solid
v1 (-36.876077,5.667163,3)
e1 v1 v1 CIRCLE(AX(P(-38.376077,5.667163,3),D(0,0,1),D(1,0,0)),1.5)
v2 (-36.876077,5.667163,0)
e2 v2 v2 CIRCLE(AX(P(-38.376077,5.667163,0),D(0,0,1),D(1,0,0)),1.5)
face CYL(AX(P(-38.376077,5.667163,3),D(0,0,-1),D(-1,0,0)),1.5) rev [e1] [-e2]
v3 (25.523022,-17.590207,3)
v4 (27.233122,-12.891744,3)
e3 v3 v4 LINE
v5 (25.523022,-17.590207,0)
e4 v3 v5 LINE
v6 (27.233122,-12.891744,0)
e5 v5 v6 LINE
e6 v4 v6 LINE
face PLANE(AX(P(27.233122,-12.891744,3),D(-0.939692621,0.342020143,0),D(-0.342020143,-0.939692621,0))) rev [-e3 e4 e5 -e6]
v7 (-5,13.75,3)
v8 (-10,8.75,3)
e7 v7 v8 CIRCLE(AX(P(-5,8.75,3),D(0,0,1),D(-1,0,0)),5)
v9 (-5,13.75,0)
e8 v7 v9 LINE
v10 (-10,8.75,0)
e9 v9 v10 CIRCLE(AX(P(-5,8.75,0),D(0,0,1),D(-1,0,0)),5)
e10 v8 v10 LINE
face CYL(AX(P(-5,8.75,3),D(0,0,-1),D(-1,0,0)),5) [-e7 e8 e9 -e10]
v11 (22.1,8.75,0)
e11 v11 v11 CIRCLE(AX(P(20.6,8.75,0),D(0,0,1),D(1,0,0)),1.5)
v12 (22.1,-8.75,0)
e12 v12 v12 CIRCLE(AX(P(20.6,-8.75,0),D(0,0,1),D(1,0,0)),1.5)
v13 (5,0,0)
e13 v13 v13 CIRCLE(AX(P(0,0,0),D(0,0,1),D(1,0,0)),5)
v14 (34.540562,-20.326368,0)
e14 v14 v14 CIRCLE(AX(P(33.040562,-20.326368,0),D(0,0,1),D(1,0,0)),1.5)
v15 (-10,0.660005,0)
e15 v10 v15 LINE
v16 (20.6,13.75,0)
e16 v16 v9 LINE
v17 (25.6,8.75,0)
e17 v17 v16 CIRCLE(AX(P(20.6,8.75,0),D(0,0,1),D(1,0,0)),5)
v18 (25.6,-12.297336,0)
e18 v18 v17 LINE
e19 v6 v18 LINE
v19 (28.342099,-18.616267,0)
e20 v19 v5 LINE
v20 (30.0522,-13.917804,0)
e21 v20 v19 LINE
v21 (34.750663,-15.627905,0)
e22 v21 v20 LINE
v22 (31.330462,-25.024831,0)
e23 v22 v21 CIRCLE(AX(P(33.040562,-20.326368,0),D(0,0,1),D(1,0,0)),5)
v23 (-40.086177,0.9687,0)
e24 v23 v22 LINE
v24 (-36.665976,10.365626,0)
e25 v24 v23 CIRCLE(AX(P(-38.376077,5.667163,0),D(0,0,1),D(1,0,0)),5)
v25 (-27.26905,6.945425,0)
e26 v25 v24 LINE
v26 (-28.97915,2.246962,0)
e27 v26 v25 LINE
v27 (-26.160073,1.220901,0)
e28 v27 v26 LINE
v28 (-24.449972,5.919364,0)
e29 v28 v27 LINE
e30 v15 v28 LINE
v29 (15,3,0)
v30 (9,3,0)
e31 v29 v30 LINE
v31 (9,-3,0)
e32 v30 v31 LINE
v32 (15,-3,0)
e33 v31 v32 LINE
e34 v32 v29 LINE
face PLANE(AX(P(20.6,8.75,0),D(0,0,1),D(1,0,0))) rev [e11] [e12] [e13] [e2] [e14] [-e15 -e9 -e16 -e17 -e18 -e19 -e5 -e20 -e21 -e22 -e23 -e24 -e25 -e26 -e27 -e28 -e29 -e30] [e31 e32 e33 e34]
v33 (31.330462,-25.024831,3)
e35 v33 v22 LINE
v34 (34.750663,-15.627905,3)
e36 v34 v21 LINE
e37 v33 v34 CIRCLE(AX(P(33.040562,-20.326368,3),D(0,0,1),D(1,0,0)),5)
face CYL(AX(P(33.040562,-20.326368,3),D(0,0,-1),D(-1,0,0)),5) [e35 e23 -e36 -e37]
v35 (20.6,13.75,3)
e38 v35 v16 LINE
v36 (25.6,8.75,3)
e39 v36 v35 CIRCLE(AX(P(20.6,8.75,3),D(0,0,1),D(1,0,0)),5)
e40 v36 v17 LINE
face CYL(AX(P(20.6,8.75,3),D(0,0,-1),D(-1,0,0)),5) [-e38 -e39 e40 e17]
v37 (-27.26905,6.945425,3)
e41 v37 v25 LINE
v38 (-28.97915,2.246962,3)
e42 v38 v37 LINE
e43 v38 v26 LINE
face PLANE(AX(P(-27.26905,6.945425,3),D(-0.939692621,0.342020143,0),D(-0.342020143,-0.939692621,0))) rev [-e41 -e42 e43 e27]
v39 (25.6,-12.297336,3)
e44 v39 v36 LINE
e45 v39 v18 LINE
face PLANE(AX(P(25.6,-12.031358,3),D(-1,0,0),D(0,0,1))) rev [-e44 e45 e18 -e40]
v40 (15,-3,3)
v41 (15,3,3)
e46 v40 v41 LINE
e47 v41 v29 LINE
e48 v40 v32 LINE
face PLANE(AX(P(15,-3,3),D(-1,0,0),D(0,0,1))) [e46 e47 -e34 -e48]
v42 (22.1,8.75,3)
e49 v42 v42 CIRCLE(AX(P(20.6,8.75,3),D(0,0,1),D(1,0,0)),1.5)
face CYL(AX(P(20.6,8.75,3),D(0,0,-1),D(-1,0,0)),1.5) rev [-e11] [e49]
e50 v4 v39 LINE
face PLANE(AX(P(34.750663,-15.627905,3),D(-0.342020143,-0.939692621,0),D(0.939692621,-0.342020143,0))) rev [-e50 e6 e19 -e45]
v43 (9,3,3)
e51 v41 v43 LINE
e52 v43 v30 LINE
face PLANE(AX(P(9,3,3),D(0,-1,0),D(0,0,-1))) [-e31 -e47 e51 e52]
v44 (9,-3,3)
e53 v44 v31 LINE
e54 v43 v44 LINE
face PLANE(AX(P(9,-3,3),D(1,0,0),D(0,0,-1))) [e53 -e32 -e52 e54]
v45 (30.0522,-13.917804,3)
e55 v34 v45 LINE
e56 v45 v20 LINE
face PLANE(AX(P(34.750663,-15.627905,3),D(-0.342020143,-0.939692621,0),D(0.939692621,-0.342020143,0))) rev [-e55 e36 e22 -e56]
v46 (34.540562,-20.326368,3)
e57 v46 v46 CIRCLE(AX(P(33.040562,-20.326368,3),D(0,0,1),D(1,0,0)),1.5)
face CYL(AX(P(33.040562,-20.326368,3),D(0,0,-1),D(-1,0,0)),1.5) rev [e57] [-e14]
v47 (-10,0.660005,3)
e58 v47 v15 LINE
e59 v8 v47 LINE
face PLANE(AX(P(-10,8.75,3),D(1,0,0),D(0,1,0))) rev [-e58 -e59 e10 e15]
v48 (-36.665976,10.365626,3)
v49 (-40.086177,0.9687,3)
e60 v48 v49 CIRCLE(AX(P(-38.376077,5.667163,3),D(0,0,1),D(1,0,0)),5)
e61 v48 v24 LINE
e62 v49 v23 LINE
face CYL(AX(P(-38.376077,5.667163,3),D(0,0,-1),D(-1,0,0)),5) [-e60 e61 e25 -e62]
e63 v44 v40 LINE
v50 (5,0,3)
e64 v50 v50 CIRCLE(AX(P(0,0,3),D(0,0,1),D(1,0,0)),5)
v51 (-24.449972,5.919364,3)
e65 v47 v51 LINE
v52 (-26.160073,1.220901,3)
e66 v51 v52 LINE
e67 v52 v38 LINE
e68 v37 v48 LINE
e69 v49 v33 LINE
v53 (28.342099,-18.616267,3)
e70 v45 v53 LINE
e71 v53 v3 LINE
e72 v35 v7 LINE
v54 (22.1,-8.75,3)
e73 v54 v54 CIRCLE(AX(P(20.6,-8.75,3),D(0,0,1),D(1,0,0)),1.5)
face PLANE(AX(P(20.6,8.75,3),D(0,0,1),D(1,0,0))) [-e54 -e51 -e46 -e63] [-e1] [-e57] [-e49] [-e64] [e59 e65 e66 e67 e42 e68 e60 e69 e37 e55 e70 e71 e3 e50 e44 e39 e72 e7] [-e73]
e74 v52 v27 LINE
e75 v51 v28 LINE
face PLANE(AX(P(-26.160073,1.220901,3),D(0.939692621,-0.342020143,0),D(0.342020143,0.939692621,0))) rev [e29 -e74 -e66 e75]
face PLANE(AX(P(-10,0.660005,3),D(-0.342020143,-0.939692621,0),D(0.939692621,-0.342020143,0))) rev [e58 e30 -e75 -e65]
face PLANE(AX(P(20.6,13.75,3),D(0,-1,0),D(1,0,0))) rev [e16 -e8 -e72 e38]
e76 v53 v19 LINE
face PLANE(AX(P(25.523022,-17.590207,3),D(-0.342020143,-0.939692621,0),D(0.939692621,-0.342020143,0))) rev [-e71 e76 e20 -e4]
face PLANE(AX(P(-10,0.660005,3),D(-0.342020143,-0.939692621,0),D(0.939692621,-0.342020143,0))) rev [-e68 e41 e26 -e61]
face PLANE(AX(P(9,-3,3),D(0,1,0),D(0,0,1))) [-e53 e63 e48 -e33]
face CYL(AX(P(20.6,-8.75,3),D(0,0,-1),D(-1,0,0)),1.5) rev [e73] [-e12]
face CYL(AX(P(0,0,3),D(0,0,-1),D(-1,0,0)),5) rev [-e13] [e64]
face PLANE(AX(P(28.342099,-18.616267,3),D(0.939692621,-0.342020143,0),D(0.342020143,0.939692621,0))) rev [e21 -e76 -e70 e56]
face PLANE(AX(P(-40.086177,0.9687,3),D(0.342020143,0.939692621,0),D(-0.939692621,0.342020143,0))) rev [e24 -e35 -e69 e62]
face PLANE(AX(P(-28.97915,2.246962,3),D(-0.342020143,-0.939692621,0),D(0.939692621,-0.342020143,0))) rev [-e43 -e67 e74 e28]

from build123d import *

# Parameters (mm, degrees)
SKETCH1_R           = 5
SKETCH1_R_2         = 1.5
SKETCH1_W           = 6
SKETCH1_H           = 6
BOSS_EXTRUDE1_DEPTH = 3
CUT_EXTRUDE1_DEPTH  = 51.318077676


with BuildPart() as part:
    # Sketch1 → Boss-Extrude1 (new body)
    with BuildSketch(Plane.XY):
        with BuildLine():
            Line((25.6, -12.03135802), (25.6, 8.75))
            ThreePointArc((25.6, 8.75), (24.135533906, 12.285533906), (20.6, 13.75))
            Line((20.6, 13.75), (-5, 13.75))
            ThreePointArc((-5, 13.75), (-8.535533906, 12.285533906), (-10, 8.75))
            Line((-10, 8.75), (-10, 0.66000458))
            Line((-10, 0.66000458), (-36.665975991, 10.365626108))
            ThreePointArc((-36.665975991, 10.365626108), (-43.074539812, 7.377263721), (-40.086177424, 0.9686999))
            Line((-40.086177424, 0.9686999), (31.330461755, -25.024830992))
            ThreePointArc((31.330461755, -25.024830992), (37.739025576, -22.036468605), (34.750663189, -15.627904785))
            Line((34.750663189, -15.627904785), (25.6, -12.29733576))
            Line((25.6, -12.29733576), (25.6, -12.03135802))
        make_face()
        Circle(SKETCH1_R, mode=Mode.SUBTRACT)
        with Locations((20.6, 8.75)):
            Circle(SKETCH1_R_2, mode=Mode.SUBTRACT)
        with Locations((20.6, -8.75)):
            Circle(SKETCH1_R_2, mode=Mode.SUBTRACT)
        with Locations((-38.376076708, 5.667163004)):
            Circle(SKETCH1_R_2, mode=Mode.SUBTRACT)
        with Locations((33.040562472, -20.326367889)):
            Circle(SKETCH1_R_2, mode=Mode.SUBTRACT)
        with Locations((12, 0)):
            Rectangle(SKETCH1_W, SKETCH1_H, mode=Mode.SUBTRACT)
    extrude(amount=BOSS_EXTRUDE1_DEPTH)

    # Sketch2 → Cut-Extrude1 (cut, through all)
    with BuildSketch(Plane(origin=(0, 0, 0), x_dir=(-1, 0, 0), z_dir=(0, 0, -1))):
        Polygon((24.449971921, 5.919364245), (27.269049783, 6.945424675), (28.9791505, 2.246961571), (26.160072638, 1.220901141), align=None)
        Polygon((-30.052200085, -13.917804068), (-27.233122222, -12.891743638), (-25.523021506, -17.590206742), (-28.342099368, -18.616267172), align=None)
    extrude(amount=-CUT_EXTRUDE1_DEPTH, mode=Mode.SUBTRACT)


solid = part.part
